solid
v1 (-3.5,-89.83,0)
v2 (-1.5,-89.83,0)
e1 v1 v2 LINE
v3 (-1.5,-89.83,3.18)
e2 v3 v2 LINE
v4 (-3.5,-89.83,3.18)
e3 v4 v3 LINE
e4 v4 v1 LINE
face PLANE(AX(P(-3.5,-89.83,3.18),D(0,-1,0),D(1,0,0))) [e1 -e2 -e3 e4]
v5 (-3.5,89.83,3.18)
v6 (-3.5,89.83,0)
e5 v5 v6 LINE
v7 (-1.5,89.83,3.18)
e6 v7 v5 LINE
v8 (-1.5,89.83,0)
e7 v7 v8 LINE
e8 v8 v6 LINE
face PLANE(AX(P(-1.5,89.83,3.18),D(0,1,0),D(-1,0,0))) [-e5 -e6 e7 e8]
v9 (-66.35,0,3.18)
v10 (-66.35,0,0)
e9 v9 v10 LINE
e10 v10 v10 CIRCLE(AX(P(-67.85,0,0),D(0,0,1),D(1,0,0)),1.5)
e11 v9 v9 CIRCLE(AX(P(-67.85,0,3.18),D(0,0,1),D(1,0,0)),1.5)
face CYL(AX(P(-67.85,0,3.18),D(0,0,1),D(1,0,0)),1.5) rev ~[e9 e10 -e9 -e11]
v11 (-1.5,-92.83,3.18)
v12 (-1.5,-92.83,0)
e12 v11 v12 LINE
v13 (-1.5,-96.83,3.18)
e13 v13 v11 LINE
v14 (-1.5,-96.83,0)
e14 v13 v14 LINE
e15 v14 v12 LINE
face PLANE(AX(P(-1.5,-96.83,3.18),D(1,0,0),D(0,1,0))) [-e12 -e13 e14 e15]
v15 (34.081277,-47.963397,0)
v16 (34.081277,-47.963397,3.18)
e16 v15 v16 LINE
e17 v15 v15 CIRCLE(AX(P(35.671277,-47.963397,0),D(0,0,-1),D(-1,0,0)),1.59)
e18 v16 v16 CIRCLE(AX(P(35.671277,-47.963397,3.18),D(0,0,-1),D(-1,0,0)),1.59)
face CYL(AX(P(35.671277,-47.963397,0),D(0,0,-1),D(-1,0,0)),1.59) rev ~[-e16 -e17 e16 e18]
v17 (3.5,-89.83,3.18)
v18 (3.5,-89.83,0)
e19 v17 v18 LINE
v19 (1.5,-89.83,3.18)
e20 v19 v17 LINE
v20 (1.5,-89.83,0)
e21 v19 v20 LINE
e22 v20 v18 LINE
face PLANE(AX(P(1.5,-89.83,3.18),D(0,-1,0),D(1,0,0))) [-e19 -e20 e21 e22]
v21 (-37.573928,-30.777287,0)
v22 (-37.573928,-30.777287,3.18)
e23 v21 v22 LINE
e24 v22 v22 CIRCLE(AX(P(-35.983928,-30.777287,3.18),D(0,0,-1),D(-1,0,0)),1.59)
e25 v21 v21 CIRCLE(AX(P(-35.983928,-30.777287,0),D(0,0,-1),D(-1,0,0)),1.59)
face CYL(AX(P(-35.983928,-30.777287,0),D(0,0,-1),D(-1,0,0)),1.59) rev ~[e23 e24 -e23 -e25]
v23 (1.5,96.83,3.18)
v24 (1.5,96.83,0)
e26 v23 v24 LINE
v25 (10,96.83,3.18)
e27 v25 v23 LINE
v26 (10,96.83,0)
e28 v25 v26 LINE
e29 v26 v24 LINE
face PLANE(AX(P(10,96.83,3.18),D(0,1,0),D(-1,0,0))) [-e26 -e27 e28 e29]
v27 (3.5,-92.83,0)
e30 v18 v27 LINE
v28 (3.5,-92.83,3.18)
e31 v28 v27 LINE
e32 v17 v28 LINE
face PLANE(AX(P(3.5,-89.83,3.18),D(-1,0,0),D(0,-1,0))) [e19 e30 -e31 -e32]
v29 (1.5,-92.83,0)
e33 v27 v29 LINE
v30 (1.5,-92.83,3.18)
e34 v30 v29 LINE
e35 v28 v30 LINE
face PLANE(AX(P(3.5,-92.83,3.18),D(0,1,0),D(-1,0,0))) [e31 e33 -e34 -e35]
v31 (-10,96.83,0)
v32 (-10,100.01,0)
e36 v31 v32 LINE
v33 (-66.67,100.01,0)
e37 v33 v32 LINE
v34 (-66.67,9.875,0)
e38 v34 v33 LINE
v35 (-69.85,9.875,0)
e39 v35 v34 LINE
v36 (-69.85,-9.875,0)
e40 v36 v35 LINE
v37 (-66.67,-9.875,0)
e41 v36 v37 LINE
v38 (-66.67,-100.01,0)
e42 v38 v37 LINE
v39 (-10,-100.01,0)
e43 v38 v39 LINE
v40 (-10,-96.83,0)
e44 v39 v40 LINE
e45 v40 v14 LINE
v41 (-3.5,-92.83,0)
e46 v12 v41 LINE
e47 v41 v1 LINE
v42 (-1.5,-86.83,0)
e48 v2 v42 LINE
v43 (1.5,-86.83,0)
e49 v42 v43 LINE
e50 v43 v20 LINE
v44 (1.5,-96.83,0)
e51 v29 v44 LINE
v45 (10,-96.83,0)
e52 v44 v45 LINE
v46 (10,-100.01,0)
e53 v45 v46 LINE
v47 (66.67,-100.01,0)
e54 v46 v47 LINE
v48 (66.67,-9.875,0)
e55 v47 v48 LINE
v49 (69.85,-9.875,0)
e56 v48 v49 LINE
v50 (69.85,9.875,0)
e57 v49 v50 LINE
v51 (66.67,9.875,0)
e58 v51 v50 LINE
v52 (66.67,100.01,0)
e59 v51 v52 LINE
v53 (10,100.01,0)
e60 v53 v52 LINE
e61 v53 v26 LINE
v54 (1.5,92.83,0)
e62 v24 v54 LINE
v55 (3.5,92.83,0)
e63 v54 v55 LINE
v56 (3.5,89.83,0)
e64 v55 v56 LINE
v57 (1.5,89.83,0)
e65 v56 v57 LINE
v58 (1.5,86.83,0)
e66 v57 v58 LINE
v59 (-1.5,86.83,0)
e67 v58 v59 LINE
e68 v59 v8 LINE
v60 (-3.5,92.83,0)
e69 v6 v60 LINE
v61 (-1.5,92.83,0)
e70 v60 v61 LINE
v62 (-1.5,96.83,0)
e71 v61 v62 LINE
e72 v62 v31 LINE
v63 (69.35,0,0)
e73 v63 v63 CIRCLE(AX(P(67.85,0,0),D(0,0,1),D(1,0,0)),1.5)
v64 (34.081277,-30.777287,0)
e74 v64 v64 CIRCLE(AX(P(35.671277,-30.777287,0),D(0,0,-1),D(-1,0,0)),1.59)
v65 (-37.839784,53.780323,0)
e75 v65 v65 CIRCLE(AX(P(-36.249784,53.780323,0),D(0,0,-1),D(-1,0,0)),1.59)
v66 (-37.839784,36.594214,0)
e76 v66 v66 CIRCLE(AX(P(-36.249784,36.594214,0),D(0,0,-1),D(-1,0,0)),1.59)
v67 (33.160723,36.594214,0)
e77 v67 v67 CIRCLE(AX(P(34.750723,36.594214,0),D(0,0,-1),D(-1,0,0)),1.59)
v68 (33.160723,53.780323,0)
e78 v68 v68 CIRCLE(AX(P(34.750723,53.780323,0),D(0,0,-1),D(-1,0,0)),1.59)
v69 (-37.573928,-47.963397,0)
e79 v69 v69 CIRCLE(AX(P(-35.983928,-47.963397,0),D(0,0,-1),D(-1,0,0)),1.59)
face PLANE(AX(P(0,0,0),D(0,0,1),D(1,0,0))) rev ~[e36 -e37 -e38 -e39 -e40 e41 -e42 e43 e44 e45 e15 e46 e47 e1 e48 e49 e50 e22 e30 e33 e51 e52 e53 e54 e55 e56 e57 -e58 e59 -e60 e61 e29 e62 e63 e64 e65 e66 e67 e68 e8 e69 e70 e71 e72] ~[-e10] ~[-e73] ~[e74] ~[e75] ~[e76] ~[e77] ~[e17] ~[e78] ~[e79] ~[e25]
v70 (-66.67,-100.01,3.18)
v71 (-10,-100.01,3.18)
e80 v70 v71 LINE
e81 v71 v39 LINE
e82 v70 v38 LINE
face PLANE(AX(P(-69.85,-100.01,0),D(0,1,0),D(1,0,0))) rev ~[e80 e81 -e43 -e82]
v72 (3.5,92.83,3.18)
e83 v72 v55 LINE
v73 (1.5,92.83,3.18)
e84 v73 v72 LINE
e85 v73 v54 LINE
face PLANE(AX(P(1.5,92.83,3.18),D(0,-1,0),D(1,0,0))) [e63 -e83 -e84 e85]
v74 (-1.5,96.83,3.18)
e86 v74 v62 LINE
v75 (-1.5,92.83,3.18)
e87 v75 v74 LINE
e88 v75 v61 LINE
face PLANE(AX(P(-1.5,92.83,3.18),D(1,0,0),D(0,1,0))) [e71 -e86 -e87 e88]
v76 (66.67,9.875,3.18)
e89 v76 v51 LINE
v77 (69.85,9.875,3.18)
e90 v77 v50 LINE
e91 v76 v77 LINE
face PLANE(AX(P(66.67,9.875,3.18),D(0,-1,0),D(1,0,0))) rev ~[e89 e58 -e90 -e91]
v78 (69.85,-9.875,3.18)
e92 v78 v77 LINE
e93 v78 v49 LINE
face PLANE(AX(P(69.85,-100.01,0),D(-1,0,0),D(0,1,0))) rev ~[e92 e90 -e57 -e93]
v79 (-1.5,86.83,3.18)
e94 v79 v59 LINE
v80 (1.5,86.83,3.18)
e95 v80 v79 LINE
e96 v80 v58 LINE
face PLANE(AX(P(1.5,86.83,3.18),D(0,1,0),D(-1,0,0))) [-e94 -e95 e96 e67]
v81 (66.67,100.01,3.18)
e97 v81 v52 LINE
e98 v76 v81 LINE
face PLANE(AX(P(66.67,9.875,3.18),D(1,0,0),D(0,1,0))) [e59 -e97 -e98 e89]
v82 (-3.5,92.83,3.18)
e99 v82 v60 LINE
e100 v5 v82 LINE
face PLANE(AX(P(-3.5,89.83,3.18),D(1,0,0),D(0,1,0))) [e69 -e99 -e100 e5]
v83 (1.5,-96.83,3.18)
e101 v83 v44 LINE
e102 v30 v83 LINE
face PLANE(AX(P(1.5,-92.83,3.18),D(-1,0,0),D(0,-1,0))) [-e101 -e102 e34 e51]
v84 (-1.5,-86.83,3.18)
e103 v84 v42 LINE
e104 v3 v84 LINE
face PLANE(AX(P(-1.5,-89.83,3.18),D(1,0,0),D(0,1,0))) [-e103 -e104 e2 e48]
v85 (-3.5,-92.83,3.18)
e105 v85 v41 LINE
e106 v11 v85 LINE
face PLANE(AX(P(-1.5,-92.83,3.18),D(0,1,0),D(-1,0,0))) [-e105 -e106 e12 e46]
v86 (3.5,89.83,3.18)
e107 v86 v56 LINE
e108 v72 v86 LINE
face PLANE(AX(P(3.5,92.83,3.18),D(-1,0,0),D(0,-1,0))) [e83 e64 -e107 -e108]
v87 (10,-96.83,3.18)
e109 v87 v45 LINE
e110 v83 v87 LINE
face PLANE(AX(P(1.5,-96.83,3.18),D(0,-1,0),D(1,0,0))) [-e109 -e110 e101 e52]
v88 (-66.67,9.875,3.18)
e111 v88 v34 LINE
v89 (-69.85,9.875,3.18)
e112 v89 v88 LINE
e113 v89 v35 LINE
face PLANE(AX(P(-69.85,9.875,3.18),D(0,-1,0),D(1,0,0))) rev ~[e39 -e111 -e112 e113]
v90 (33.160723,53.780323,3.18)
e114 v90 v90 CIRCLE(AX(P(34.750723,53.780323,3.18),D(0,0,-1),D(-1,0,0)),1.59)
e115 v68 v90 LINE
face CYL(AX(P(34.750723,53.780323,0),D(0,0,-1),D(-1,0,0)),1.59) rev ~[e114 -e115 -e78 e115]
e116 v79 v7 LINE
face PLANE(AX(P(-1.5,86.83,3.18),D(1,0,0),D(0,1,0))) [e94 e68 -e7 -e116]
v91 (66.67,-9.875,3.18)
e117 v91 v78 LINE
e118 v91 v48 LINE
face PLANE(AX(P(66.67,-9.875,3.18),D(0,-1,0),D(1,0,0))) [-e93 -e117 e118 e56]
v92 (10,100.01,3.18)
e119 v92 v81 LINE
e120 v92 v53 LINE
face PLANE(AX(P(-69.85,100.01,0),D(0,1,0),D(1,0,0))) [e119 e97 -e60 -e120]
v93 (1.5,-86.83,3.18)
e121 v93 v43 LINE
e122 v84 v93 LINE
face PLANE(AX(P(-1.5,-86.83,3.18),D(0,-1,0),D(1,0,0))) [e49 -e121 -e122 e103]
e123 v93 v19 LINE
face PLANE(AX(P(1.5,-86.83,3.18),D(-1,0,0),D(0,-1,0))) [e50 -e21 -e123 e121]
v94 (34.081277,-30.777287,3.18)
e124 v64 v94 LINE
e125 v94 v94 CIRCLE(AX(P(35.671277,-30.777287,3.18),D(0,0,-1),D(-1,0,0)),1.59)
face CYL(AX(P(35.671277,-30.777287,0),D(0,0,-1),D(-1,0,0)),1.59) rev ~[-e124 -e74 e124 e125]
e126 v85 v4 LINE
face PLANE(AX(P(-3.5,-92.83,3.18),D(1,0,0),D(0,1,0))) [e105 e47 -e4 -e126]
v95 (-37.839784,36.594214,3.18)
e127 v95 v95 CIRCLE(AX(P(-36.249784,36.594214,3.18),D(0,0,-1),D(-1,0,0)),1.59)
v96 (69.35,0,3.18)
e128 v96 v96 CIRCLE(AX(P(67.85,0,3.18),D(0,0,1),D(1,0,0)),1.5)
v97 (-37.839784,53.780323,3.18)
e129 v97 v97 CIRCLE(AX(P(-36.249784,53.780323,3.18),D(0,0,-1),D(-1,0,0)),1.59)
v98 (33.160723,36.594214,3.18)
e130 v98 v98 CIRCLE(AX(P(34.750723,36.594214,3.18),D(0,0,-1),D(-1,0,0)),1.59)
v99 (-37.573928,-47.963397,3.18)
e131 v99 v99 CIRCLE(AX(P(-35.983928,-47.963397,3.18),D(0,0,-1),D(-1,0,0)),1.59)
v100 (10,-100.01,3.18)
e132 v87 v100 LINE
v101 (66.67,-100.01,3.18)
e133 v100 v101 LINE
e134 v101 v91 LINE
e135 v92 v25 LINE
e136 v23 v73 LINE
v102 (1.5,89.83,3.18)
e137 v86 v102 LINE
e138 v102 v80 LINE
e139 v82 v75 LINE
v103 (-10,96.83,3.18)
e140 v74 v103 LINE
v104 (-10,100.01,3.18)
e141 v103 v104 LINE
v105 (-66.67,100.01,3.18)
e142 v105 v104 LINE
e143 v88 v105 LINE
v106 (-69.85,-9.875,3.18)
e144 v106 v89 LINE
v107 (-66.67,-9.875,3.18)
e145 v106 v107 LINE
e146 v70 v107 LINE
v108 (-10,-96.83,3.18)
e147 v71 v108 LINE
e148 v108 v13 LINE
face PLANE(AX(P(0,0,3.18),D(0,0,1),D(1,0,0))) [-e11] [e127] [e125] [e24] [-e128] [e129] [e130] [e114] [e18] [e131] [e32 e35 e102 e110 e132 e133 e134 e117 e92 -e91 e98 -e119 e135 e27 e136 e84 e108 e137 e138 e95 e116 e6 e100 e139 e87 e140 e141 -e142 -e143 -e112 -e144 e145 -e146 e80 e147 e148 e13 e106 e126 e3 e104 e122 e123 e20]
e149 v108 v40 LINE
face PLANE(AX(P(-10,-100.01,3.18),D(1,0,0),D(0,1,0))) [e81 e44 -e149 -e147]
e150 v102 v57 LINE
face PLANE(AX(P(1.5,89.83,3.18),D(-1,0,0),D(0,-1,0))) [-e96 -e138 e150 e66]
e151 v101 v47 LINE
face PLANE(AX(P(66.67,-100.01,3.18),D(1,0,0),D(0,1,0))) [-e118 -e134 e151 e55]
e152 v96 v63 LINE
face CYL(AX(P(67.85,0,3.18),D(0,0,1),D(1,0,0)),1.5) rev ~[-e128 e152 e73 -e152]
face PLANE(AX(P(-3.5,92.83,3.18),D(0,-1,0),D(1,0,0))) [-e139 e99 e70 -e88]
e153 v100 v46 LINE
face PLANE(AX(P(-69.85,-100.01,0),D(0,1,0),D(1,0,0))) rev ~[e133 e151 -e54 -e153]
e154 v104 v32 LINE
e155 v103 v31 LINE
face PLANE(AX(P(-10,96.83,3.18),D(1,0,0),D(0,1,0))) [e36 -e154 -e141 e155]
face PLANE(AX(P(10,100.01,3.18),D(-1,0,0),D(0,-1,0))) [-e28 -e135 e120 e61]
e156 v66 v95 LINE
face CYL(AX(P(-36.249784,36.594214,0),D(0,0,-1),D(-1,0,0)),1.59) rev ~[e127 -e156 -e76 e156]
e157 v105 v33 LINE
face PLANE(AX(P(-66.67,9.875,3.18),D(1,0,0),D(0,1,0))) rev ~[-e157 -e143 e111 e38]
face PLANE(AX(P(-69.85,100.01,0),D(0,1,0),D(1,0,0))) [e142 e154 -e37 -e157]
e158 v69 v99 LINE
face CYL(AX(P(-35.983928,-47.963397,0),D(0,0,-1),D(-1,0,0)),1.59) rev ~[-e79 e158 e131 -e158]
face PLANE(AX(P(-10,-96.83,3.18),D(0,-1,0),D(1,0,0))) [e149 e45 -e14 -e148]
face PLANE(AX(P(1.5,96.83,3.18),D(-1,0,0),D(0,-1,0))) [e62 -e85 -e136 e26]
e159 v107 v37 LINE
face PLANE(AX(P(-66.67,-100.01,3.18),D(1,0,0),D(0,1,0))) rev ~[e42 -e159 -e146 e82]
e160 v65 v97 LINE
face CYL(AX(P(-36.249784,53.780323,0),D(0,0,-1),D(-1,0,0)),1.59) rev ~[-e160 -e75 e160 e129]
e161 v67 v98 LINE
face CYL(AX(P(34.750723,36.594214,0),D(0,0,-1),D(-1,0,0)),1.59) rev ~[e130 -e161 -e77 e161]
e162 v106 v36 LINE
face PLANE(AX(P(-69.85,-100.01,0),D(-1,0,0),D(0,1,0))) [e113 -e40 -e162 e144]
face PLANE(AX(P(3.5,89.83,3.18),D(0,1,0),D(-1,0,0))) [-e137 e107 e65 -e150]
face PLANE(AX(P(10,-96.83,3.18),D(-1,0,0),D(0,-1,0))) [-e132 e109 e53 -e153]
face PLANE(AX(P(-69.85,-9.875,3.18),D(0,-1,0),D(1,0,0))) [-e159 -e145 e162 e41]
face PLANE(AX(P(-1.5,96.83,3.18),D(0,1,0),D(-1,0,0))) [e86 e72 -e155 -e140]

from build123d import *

# Parameters (mm, degrees)
SKETCH1_W           = 139.7
SKETCH1_H           = 200.02
BOSS_EXTRUDE1_DEPTH = 3.18
SKETCH2_R           = 1.5
SKETCH2_W           = 3.18
SKETCH2_H           = 90.135
CUT_EXTRUDE1_DEPTH  = 4.18
SKETCH3_R           = 1.59
CUT_EXTRUDE2_DEPTH  = 4.18
SKETCH4_R           = 1.59
CUT_EXTRUDE3_DEPTH  = 4.18


with BuildPart() as part:
    # Sketch1 → Boss-Extrude1 (new body)
    with BuildSketch(Plane.XY):
        Rectangle(SKETCH1_W, SKETCH1_H)
    extrude(amount=BOSS_EXTRUDE1_DEPTH)

    # Sketch2 → Cut-Extrude1 (cut, through all)
    with BuildSketch(Plane.XY.offset(3.18)):
        with Locations((-67.85, 0)):
            Circle(SKETCH2_R)
        with Locations((67.85, 0)):
            Circle(SKETCH2_R)
        Polygon((-10, 100.01), (10, 100.01), (10, 96.83), (1.5, 96.83), (1.5, 92.83), (3.5, 92.83), (3.5, 89.83), (1.5, 89.83), (1.5, 86.83), (-1.5, 86.83), (-1.5, 89.83), (-3.5, 89.83), (-3.5, 92.83), (-1.5, 92.83), (-1.5, 96.83), (-10, 96.83), align=None)
        Polygon((-10, -100.01), (-10, -96.83), (-1.5, -96.83), (-1.5, -92.83), (-3.5, -92.83), (-3.5, -89.83), (-1.5, -89.83), (-1.5, -86.83), (1.5, -86.83), (1.5, -89.83), (3.5, -89.83), (3.5, -92.83), (1.5, -92.83), (1.5, -96.83), (10, -96.83), (10, -100.01), align=None)
        with Locations((-68.26, 54.9425)):
            Rectangle(SKETCH2_W, SKETCH2_H)
        with Locations((-68.26, -54.9425)):
            Rectangle(SKETCH2_W, SKETCH2_H)
        with Locations((68.26, -54.9425)):
            Rectangle(SKETCH2_W, SKETCH2_H)
        with Locations((68.26, 54.9425)):
            Rectangle(SKETCH2_W, SKETCH2_H)
    extrude(amount=-CUT_EXTRUDE1_DEPTH, mode=Mode.SUBTRACT)

    # Sketch3 → Cut-Extrude2 (cut, through all)
    with BuildSketch(Plane(origin=(0, 0, 0), x_dir=(-1, 0, 0), z_dir=(0, 0, -1))):
        with Locations((-35.67127699, -47.963396943)):
            Circle(SKETCH3_R)
        with Locations((-35.67127699, -30.777287406)):
            Circle(SKETCH3_R)
    extrude(amount=-CUT_EXTRUDE2_DEPTH, mode=Mode.SUBTRACT)

    # Sketch4 → Cut-Extrude3 (cut, through all)
    with BuildSketch(Plane(origin=(0, 0, 0), x_dir=(-1, 0, 0), z_dir=(0, 0, -1))):
        with Locations((-34.750723073, 53.780323187)):
            Circle(SKETCH4_R)
        with Locations((-34.750723073, 36.59421365)):
            Circle(SKETCH4_R)
        with Locations((36.249784221, 53.780323187)):
            Circle(SKETCH4_R)
        with Locations((36.249784221, 36.59421365)):
            Circle(SKETCH4_R)
        with Locations((35.983928162, -30.777287406)):
            Circle(SKETCH4_R)
        with Locations((35.983928162, -47.963396943)):
            Circle(SKETCH4_R)
        with Locations((-35.67127699, -30.777287406)):
            Circle(SKETCH4_R)
        with Locations((-35.67127699, -47.963396943)):
            Circle(SKETCH4_R)
    extrude(amount=-CUT_EXTRUDE3_DEPTH, mode=Mode.SUBTRACT)


solid = part.part
